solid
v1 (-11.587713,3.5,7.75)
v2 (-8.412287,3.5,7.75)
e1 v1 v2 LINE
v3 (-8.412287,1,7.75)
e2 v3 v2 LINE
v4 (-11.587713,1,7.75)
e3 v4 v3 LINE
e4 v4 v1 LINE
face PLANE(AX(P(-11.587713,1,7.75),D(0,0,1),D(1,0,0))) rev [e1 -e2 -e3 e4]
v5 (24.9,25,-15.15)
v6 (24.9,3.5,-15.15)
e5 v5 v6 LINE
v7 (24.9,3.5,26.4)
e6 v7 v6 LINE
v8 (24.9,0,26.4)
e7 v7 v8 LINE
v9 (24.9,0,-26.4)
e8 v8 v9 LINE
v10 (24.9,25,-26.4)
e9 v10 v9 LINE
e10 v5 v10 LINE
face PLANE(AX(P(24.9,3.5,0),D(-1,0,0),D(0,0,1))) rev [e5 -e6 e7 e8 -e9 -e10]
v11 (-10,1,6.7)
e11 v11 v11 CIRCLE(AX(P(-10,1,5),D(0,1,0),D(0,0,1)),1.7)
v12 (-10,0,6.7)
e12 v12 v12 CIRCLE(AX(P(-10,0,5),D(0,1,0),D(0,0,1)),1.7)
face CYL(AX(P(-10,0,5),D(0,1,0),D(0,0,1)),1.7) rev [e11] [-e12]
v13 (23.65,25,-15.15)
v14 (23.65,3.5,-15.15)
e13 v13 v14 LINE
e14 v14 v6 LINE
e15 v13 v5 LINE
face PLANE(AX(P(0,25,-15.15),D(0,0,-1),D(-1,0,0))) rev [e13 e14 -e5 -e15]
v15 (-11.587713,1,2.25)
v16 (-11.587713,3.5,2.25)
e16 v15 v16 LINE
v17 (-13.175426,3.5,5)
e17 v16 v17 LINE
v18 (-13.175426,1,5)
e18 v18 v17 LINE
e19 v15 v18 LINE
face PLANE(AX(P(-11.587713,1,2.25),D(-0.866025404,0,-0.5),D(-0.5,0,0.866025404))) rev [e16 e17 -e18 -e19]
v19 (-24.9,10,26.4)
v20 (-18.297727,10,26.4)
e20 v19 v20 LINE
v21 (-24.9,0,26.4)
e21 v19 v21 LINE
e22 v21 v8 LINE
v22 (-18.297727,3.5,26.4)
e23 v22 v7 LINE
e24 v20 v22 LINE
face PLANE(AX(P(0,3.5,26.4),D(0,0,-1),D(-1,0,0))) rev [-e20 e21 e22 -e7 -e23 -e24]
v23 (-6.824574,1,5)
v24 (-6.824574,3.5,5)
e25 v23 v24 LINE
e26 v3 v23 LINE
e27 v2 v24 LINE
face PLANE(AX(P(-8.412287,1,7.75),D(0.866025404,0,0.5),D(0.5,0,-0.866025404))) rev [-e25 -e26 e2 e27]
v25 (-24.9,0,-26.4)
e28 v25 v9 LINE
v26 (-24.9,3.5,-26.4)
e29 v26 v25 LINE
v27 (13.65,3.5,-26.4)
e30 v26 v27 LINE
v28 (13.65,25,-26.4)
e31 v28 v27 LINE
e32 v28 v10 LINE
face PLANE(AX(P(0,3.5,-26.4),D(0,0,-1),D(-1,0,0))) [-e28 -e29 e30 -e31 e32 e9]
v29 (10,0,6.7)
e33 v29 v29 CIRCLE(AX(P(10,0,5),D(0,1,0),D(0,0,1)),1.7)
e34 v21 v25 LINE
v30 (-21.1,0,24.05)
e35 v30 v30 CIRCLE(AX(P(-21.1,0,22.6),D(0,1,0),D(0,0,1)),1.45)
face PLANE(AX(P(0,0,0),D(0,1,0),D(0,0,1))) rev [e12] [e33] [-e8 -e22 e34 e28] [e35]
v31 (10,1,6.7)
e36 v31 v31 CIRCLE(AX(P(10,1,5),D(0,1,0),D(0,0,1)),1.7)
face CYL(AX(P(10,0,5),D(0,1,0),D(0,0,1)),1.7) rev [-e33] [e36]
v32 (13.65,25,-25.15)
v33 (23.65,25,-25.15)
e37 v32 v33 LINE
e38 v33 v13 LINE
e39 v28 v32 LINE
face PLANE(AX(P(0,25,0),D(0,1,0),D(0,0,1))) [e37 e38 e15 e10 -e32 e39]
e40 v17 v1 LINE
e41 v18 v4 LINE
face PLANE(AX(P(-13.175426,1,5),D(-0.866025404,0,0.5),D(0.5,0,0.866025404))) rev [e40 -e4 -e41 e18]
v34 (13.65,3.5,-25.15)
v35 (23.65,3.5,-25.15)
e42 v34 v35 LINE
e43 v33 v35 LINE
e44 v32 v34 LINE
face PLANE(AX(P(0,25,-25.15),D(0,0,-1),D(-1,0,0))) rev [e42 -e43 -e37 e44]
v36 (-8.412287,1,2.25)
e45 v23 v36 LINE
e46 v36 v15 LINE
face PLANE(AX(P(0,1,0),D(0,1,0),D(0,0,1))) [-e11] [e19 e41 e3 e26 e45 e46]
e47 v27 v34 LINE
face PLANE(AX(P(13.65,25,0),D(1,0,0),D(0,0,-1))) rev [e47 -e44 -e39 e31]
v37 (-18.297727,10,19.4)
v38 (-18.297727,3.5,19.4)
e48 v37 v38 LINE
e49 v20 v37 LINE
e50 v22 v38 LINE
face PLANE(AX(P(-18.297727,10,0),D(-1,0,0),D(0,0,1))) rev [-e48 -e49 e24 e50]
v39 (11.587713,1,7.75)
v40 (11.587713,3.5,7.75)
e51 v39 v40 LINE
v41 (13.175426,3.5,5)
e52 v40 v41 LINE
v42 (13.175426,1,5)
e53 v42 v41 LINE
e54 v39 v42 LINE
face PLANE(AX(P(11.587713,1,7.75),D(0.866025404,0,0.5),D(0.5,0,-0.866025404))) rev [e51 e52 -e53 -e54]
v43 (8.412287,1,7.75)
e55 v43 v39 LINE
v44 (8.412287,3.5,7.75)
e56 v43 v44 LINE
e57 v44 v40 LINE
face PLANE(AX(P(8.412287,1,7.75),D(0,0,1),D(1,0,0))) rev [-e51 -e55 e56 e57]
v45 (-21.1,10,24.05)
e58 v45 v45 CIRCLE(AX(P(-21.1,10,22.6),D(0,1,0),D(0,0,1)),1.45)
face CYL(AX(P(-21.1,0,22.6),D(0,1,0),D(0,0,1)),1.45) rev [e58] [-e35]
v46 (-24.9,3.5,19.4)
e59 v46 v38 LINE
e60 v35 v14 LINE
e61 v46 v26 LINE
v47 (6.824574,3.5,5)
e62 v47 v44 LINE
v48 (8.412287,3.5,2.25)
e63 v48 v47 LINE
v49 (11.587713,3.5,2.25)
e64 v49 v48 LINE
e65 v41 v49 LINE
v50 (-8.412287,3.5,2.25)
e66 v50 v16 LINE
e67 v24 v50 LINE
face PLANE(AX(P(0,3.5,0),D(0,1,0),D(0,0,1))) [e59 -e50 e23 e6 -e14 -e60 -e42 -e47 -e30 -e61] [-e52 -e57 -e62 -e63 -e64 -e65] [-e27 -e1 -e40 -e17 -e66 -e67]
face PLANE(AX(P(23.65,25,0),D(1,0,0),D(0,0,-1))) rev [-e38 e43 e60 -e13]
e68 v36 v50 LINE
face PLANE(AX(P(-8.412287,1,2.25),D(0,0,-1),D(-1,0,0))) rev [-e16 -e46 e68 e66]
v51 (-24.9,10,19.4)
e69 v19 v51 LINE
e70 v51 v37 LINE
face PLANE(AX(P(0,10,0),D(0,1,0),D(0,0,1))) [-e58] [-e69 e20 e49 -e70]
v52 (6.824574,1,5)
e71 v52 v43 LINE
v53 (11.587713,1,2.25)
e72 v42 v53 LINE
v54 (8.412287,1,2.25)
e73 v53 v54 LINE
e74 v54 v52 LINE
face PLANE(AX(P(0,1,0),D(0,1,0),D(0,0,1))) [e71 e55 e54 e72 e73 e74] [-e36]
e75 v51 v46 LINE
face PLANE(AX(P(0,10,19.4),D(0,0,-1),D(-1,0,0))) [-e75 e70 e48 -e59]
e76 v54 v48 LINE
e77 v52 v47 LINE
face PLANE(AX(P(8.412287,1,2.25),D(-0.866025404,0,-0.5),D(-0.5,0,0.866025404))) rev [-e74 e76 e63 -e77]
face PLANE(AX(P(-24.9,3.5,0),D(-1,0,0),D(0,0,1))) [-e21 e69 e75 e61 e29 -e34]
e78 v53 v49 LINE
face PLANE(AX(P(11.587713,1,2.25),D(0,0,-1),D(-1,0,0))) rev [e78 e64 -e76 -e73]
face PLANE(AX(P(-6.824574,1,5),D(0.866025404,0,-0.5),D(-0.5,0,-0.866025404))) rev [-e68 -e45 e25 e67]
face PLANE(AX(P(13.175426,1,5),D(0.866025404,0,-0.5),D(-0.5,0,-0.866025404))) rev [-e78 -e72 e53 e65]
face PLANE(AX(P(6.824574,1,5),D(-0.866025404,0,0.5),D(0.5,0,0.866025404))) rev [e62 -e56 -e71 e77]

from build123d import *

# Parameters (mm, degrees)
BOSS_EXTRUDE1_DEPTH = 3.5
BOSS_EXTRUDE2_DEPTH = 25
SKETCH1_5_W         = 6.602272727
SKETCH1_5_H         = 7
BOSS_EXTRUDE3_DEPTH = 10
SKETCH3_R           = 1.45
CUT_EXTRUDE1_DEPTH  = 40.267925843
SKETCH4_R           = 1.7
CUT_EXTRUDE2_DEPTH  = 43.18080132
SKETCH4_3_R         = 1.7
CUT_EXTRUDE3_DEPTH  = 2.5


with BuildPart() as part:
    # Sketch1 → Boss-Extrude1 (new body)
    with BuildSketch(Plane(origin=(0, 0, 0), x_dir=(1, 0, 0), z_dir=(0, 1, 0))):
        Polygon((13.65, 25.15), (13.65, 26.4), (-24.9, 26.4), (-24.9, -19.4), (-18.297727273, -19.4), (-18.297727273, -26.4), (24.9, -26.4), (24.9, 15.15), (23.65, 15.15), (23.65, 25.15), align=None)
    extrude(amount=BOSS_EXTRUDE1_DEPTH)

    # Sketch1<4> → Boss-Extrude2 (add)
    with BuildSketch(Plane(origin=(0, 0, 0), x_dir=(1, 0, 0), z_dir=(0, 1, 0))):
        Polygon((24.9, 26.4), (13.65, 26.4), (13.65, 25.15), (23.65, 25.15), (23.65, 15.15), (24.9, 15.15), align=None)
    extrude(amount=BOSS_EXTRUDE2_DEPTH)

    # Sketch1<5> → Boss-Extrude3 (add)
    with BuildSketch(Plane(origin=(0, 0, 0), x_dir=(1, 0, 0), z_dir=(0, 1, 0))):
        with Locations((-21.598863636, -22.9)):
            Rectangle(SKETCH1_5_W, SKETCH1_5_H)
    extrude(amount=BOSS_EXTRUDE3_DEPTH)

    # Sketch3 → Cut-Extrude1 (cut, through all)
    with BuildSketch(Plane(origin=(0, 10, 0), x_dir=(1, 0, 0), z_dir=(0, 1, 0))):
        with Locations((-21.1, -22.6)):
            Circle(SKETCH3_R)
    extrude(amount=-CUT_EXTRUDE1_DEPTH, mode=Mode.SUBTRACT)

    # Sketch4 → Cut-Extrude2 (cut, through all)
    with BuildSketch(Plane(origin=(0, 3.5, 0), x_dir=(1, 0, 0), z_dir=(0, 1, 0))):
        with Locations((-10, -5)):
            Circle(SKETCH4_R)
        with Locations((10, -5)):
            Circle(SKETCH4_R)
    extrude(amount=-CUT_EXTRUDE2_DEPTH, mode=Mode.SUBTRACT)

    # Sketch4<3> → Cut-Extrude3 (cut)
    # profile 1 of 2: a face of its own
    with BuildSketch(Plane(origin=(0, 3.5, 0), x_dir=(1, 0, 0), z_dir=(0, 1, 0))):
        Polygon((-6.824573519, -5), (-8.41228676, -2.25), (-11.58771324, -2.25), (-13.175426481, -5), (-11.58771324, -7.75), (-8.41228676, -7.75), align=None)
        with Locations((-10, -5)):
            Circle(SKETCH4_3_R, mode=Mode.SUBTRACT)
    # profile 2 of 2: a face of its own
    with BuildSketch(Plane(origin=(0, 3.5, 0), x_dir=(1, 0, 0), z_dir=(0, 1, 0))):
        Polygon((13.175426481, -5), (11.58771324, -2.25), (8.41228676, -2.25), (6.824573519, -5), (8.41228676, -7.75), (11.58771324, -7.75), align=None)
        with Locations((10, -5)):
            Circle(SKETCH4_3_R, mode=Mode.SUBTRACT)
    extrude(amount=-CUT_EXTRUDE3_DEPTH, mode=Mode.SUBTRACT)


solid = part.part
